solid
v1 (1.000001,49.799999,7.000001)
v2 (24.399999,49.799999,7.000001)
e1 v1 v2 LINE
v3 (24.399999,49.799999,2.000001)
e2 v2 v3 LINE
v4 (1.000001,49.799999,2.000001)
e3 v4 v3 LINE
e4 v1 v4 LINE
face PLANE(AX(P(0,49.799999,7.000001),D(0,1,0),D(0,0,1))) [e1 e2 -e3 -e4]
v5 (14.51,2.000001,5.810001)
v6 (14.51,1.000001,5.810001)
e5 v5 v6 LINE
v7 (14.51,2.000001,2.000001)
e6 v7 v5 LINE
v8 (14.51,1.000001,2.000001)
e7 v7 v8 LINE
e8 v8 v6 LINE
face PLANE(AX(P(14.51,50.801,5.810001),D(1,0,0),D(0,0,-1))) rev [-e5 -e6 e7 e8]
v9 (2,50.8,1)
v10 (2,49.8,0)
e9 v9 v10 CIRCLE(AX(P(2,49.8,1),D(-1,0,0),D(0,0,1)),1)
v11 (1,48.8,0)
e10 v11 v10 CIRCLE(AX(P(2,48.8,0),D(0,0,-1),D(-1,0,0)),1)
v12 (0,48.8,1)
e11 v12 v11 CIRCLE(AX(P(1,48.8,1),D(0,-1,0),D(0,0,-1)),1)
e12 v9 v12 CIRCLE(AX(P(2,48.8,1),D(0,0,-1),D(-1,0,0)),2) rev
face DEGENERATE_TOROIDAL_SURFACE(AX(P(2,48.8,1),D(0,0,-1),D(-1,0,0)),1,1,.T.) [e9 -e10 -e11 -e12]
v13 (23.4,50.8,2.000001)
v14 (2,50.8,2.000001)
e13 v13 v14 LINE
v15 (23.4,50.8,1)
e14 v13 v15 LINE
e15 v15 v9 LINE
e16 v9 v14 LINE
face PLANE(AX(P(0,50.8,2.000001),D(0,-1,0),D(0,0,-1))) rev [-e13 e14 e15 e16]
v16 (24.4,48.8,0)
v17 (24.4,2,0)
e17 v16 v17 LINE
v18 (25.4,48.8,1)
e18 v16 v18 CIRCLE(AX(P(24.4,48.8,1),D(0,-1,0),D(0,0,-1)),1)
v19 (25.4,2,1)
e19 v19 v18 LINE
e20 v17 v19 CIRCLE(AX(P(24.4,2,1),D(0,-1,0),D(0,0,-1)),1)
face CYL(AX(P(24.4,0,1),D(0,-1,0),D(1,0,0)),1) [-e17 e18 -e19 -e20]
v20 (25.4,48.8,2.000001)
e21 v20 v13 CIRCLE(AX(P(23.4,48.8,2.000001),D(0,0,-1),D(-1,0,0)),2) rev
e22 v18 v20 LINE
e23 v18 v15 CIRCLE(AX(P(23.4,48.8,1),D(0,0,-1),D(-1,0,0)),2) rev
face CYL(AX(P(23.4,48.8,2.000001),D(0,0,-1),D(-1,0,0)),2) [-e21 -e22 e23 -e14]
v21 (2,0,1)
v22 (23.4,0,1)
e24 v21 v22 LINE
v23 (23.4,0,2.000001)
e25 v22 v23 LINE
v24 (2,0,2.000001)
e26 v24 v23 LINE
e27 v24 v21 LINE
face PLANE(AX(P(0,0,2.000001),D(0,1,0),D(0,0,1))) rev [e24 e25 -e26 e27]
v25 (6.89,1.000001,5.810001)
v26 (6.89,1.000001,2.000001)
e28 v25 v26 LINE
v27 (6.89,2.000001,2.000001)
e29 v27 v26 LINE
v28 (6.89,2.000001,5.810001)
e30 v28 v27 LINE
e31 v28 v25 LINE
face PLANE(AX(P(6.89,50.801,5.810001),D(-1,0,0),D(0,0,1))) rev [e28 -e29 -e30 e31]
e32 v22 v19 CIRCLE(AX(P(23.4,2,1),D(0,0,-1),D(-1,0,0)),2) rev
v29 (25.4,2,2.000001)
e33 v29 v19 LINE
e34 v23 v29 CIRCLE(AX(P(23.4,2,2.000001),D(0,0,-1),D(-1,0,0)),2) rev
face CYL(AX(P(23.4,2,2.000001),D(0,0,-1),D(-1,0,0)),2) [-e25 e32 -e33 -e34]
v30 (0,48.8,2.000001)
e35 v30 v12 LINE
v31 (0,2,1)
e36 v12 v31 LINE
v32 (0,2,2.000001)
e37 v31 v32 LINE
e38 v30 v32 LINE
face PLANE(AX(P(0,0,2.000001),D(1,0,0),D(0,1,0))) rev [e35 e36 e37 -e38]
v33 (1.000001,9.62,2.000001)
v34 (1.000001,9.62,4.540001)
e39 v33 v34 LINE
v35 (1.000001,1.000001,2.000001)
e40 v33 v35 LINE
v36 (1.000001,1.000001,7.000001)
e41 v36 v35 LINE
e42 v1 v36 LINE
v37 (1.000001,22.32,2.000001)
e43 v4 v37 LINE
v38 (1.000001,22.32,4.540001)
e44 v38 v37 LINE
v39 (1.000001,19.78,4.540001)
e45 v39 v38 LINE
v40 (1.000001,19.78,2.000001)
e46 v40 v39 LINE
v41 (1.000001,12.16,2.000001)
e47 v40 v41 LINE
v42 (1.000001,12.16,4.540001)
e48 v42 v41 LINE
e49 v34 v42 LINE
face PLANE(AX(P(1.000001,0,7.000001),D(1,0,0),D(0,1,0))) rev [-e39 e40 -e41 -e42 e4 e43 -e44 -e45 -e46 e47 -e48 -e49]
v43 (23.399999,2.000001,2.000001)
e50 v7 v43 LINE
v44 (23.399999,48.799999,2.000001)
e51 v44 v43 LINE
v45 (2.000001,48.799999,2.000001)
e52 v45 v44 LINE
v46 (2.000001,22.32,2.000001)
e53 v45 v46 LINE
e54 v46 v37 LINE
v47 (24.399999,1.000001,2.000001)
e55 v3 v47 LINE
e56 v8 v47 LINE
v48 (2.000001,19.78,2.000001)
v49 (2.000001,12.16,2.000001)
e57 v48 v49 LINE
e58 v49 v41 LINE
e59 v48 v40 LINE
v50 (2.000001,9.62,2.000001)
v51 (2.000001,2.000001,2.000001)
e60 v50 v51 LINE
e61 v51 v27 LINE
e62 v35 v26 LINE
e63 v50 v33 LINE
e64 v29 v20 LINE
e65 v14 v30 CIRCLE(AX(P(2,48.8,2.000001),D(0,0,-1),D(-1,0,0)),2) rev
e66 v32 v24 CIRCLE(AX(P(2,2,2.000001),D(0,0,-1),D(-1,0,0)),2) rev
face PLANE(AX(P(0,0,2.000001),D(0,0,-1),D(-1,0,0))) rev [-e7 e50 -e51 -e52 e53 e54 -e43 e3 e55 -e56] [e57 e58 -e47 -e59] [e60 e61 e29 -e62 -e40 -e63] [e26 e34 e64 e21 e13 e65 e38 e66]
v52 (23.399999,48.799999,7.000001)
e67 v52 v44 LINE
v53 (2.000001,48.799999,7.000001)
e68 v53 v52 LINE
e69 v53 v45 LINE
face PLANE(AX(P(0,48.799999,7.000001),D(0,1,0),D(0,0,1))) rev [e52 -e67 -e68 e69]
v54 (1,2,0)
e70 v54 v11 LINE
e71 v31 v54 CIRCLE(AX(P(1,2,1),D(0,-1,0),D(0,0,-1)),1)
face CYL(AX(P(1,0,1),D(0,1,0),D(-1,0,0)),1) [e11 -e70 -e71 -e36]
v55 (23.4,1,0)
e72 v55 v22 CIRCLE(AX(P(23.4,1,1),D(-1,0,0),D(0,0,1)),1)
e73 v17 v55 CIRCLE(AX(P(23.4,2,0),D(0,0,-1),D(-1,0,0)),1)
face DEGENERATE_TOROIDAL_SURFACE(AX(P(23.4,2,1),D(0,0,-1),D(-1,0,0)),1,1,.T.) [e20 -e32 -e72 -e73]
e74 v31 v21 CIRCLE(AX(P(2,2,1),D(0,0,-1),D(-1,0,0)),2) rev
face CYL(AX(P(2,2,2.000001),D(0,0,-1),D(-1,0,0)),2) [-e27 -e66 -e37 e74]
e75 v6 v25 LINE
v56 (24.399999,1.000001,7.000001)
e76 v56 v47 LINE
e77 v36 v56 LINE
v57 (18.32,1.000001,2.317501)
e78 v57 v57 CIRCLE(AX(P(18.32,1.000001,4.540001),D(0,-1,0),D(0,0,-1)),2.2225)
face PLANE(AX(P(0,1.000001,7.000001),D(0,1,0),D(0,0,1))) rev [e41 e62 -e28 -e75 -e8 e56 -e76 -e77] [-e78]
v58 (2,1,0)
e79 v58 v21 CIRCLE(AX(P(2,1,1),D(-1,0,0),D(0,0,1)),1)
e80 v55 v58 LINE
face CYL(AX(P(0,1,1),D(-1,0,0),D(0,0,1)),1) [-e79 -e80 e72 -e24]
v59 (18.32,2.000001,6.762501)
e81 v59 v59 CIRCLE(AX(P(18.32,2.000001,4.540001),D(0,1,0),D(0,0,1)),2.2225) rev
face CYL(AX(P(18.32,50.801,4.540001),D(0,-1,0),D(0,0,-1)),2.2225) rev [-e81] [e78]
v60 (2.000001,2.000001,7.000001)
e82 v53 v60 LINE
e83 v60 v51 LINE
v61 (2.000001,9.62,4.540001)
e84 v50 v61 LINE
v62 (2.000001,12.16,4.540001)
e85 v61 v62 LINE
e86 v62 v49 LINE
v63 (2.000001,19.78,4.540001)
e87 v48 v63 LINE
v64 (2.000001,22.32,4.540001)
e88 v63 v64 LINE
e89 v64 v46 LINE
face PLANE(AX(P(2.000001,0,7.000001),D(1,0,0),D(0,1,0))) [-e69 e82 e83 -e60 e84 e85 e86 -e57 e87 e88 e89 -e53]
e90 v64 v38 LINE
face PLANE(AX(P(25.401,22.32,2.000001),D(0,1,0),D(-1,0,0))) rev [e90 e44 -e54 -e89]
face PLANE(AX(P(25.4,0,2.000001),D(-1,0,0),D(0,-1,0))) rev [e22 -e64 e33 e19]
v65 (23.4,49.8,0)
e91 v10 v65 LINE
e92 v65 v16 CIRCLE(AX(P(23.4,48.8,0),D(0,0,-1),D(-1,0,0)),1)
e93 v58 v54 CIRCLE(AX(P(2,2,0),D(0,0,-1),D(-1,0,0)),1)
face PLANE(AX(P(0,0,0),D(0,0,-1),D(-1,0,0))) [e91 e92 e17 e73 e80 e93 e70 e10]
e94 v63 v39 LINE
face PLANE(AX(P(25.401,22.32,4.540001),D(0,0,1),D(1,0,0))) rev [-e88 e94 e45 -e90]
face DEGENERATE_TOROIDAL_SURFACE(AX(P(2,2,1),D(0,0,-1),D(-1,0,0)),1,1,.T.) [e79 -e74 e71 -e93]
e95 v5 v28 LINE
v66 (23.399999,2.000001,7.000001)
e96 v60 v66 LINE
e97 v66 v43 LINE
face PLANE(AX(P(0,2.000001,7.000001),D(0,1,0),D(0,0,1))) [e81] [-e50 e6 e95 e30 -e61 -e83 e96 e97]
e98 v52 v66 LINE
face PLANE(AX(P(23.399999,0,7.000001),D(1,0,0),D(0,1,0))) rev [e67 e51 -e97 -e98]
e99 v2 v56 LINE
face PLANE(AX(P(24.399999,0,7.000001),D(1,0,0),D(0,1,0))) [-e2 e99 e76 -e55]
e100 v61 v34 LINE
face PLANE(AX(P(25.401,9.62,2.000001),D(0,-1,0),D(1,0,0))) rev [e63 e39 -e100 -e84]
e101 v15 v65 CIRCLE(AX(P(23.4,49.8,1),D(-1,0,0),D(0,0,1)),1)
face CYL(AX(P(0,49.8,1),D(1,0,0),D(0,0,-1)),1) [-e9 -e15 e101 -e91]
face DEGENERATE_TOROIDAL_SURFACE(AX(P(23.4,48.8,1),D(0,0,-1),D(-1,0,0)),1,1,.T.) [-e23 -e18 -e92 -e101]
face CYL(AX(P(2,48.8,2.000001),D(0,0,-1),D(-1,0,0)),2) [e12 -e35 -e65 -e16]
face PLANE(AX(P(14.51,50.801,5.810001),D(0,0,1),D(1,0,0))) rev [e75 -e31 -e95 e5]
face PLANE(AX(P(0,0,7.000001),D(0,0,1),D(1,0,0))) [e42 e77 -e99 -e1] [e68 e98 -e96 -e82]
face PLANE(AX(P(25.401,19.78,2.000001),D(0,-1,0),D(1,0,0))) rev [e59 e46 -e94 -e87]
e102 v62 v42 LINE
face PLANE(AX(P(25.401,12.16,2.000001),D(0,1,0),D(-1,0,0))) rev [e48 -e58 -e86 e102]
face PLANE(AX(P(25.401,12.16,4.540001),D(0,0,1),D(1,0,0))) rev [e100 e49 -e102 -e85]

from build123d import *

# Parameters (mm, degrees)
SKETCH2_W           = 25.4
SKETCH2_H           = 50.8
BOSS_EXTRUDE1_DEPTH = 2.00000108
SKETCH3_W           = 23.39999892
SKETCH3_H           = 48.79999892
SKETCH3_W_2         = 21.39999784
SKETCH3_H_2         = 46.79999784
BOSS_EXTRUDE2_DEPTH = 4.999999906
FILLET1_R           = 2.000000064
FILLET2_R           = 1.000000032
CUT_EXTRUDE2_REACH  = 51.8
SKETCH5_R           = 2.2225
CUT_EXTRUDE3_REACH  = 51.8
SKETCH6_W           = 7.62
SKETCH6_H           = 3.81
CUT_EXTRUDE4_REACH  = 26.4
SKETCH7_W           = 2.54
SKETCH7_H           = 2.54


with BuildPart() as part:
    # Sketch2 → Boss-Extrude1 (new body)
    with BuildSketch(Plane.XY):
        with Locations((12.7, 25.4)):
            Rectangle(SKETCH2_W, SKETCH2_H)
    extrude(amount=BOSS_EXTRUDE1_DEPTH)

    # Sketch3 → Boss-Extrude2 (add)
    with BuildSketch(Plane.XY.offset(2.00000108)):
        with Locations((12.7, 25.4)):
            Rectangle(SKETCH3_W, SKETCH3_H)
        with Locations((12.7, 25.4)):
            Rectangle(SKETCH3_W_2, SKETCH3_H_2, mode=Mode.SUBTRACT)
    extrude(amount=BOSS_EXTRUDE2_DEPTH)

    # Fillet1
    fillet1_edges = [part.edges().sort_by_distance(p)[0] for p in [
        (0, 50.8, 1.00000054),
        (25.4, 50.8, 1.00000054),
        (25.4, 0, 1.00000054),
        (0, 0, 1.00000054),
    ]]
    fillet(fillet1_edges, radius=FILLET1_R)

    # Fillet2
    fillet2_edges = [part.edges().sort_by_distance(p)[0] for p in [
        (0, 25.4, 0),
        (12.7, 50.8, 0),
        (25.4, 25.4, 0),
        (12.7, 0, 0),
        (24.814213544, 50.214213544, 0),
        (24.814213544, 0.585786456, 0),
        (0.585786456, 0.585786456, 0),
        (0.585786456, 50.214213544, 0),
    ]]
    fillet(fillet2_edges, radius=FILLET2_R)

    # Sketch5 → Cut-Extrude2 (cut, up to next)
    with BuildSketch(Plane.XZ.offset(-1.00000054), mode=Mode.PRIVATE) as cut_extrude2_sk1:
        with Locations((18.319999936, 4.54000108)):
            Circle(SKETCH5_R)
    cut_extrude2_tool1 = extrude(cut_extrude2_sk1.sketch, amount=-CUT_EXTRUDE2_REACH, mode=Mode.PRIVATE) & part.part
    add(cut_extrude2_tool1.solids().sort_by_distance((18.32, 1.000001, 4.540001))[0], mode=Mode.SUBTRACT)

    # Sketch6 → Cut-Extrude3 (cut, up to next)
    with BuildSketch(Plane.XZ.offset(-1.00000054), mode=Mode.PRIVATE) as cut_extrude3_sk1:
        with Locations((10.699999936, 3.90500108)):
            Rectangle(SKETCH6_W, SKETCH6_H)
    cut_extrude3_tool1 = extrude(cut_extrude3_sk1.sketch, amount=-CUT_EXTRUDE3_REACH, mode=Mode.PRIVATE) & part.part
    add(cut_extrude3_tool1.solids().sort_by_distance((10.7, 1.000001, 3.905001))[0], mode=Mode.SUBTRACT)

    # Sketch7 → Cut-Extrude4 (cut, up to next)
    with BuildSketch(Plane.ZY.offset(-1.00000054), mode=Mode.PRIVATE) as cut_extrude4_sk1:
        with Locations((3.27000108, 10.890000064)):
            Rectangle(SKETCH7_W, SKETCH7_H)
    cut_extrude4_tool1 = extrude(cut_extrude4_sk1.sketch, amount=-CUT_EXTRUDE4_REACH, mode=Mode.PRIVATE) & part.part
    add(cut_extrude4_tool1.solids().sort_by_distance((1.000001, 10.89, 3.270001))[0], mode=Mode.SUBTRACT)
    # Sketch7 → Cut-Extrude4 (cut, up to next)
    with BuildSketch(Plane.ZY.offset(-1.00000054), mode=Mode.PRIVATE) as cut_extrude4_sk2:
        with Locations((3.27000108, 21.050000064)):
            Rectangle(SKETCH7_W, SKETCH7_H)
    cut_extrude4_tool2 = extrude(cut_extrude4_sk2.sketch, amount=-CUT_EXTRUDE4_REACH, mode=Mode.PRIVATE) & part.part
    add(cut_extrude4_tool2.solids().sort_by_distance((1.000001, 21.05, 3.270001))[0], mode=Mode.SUBTRACT)


solid = part.part
